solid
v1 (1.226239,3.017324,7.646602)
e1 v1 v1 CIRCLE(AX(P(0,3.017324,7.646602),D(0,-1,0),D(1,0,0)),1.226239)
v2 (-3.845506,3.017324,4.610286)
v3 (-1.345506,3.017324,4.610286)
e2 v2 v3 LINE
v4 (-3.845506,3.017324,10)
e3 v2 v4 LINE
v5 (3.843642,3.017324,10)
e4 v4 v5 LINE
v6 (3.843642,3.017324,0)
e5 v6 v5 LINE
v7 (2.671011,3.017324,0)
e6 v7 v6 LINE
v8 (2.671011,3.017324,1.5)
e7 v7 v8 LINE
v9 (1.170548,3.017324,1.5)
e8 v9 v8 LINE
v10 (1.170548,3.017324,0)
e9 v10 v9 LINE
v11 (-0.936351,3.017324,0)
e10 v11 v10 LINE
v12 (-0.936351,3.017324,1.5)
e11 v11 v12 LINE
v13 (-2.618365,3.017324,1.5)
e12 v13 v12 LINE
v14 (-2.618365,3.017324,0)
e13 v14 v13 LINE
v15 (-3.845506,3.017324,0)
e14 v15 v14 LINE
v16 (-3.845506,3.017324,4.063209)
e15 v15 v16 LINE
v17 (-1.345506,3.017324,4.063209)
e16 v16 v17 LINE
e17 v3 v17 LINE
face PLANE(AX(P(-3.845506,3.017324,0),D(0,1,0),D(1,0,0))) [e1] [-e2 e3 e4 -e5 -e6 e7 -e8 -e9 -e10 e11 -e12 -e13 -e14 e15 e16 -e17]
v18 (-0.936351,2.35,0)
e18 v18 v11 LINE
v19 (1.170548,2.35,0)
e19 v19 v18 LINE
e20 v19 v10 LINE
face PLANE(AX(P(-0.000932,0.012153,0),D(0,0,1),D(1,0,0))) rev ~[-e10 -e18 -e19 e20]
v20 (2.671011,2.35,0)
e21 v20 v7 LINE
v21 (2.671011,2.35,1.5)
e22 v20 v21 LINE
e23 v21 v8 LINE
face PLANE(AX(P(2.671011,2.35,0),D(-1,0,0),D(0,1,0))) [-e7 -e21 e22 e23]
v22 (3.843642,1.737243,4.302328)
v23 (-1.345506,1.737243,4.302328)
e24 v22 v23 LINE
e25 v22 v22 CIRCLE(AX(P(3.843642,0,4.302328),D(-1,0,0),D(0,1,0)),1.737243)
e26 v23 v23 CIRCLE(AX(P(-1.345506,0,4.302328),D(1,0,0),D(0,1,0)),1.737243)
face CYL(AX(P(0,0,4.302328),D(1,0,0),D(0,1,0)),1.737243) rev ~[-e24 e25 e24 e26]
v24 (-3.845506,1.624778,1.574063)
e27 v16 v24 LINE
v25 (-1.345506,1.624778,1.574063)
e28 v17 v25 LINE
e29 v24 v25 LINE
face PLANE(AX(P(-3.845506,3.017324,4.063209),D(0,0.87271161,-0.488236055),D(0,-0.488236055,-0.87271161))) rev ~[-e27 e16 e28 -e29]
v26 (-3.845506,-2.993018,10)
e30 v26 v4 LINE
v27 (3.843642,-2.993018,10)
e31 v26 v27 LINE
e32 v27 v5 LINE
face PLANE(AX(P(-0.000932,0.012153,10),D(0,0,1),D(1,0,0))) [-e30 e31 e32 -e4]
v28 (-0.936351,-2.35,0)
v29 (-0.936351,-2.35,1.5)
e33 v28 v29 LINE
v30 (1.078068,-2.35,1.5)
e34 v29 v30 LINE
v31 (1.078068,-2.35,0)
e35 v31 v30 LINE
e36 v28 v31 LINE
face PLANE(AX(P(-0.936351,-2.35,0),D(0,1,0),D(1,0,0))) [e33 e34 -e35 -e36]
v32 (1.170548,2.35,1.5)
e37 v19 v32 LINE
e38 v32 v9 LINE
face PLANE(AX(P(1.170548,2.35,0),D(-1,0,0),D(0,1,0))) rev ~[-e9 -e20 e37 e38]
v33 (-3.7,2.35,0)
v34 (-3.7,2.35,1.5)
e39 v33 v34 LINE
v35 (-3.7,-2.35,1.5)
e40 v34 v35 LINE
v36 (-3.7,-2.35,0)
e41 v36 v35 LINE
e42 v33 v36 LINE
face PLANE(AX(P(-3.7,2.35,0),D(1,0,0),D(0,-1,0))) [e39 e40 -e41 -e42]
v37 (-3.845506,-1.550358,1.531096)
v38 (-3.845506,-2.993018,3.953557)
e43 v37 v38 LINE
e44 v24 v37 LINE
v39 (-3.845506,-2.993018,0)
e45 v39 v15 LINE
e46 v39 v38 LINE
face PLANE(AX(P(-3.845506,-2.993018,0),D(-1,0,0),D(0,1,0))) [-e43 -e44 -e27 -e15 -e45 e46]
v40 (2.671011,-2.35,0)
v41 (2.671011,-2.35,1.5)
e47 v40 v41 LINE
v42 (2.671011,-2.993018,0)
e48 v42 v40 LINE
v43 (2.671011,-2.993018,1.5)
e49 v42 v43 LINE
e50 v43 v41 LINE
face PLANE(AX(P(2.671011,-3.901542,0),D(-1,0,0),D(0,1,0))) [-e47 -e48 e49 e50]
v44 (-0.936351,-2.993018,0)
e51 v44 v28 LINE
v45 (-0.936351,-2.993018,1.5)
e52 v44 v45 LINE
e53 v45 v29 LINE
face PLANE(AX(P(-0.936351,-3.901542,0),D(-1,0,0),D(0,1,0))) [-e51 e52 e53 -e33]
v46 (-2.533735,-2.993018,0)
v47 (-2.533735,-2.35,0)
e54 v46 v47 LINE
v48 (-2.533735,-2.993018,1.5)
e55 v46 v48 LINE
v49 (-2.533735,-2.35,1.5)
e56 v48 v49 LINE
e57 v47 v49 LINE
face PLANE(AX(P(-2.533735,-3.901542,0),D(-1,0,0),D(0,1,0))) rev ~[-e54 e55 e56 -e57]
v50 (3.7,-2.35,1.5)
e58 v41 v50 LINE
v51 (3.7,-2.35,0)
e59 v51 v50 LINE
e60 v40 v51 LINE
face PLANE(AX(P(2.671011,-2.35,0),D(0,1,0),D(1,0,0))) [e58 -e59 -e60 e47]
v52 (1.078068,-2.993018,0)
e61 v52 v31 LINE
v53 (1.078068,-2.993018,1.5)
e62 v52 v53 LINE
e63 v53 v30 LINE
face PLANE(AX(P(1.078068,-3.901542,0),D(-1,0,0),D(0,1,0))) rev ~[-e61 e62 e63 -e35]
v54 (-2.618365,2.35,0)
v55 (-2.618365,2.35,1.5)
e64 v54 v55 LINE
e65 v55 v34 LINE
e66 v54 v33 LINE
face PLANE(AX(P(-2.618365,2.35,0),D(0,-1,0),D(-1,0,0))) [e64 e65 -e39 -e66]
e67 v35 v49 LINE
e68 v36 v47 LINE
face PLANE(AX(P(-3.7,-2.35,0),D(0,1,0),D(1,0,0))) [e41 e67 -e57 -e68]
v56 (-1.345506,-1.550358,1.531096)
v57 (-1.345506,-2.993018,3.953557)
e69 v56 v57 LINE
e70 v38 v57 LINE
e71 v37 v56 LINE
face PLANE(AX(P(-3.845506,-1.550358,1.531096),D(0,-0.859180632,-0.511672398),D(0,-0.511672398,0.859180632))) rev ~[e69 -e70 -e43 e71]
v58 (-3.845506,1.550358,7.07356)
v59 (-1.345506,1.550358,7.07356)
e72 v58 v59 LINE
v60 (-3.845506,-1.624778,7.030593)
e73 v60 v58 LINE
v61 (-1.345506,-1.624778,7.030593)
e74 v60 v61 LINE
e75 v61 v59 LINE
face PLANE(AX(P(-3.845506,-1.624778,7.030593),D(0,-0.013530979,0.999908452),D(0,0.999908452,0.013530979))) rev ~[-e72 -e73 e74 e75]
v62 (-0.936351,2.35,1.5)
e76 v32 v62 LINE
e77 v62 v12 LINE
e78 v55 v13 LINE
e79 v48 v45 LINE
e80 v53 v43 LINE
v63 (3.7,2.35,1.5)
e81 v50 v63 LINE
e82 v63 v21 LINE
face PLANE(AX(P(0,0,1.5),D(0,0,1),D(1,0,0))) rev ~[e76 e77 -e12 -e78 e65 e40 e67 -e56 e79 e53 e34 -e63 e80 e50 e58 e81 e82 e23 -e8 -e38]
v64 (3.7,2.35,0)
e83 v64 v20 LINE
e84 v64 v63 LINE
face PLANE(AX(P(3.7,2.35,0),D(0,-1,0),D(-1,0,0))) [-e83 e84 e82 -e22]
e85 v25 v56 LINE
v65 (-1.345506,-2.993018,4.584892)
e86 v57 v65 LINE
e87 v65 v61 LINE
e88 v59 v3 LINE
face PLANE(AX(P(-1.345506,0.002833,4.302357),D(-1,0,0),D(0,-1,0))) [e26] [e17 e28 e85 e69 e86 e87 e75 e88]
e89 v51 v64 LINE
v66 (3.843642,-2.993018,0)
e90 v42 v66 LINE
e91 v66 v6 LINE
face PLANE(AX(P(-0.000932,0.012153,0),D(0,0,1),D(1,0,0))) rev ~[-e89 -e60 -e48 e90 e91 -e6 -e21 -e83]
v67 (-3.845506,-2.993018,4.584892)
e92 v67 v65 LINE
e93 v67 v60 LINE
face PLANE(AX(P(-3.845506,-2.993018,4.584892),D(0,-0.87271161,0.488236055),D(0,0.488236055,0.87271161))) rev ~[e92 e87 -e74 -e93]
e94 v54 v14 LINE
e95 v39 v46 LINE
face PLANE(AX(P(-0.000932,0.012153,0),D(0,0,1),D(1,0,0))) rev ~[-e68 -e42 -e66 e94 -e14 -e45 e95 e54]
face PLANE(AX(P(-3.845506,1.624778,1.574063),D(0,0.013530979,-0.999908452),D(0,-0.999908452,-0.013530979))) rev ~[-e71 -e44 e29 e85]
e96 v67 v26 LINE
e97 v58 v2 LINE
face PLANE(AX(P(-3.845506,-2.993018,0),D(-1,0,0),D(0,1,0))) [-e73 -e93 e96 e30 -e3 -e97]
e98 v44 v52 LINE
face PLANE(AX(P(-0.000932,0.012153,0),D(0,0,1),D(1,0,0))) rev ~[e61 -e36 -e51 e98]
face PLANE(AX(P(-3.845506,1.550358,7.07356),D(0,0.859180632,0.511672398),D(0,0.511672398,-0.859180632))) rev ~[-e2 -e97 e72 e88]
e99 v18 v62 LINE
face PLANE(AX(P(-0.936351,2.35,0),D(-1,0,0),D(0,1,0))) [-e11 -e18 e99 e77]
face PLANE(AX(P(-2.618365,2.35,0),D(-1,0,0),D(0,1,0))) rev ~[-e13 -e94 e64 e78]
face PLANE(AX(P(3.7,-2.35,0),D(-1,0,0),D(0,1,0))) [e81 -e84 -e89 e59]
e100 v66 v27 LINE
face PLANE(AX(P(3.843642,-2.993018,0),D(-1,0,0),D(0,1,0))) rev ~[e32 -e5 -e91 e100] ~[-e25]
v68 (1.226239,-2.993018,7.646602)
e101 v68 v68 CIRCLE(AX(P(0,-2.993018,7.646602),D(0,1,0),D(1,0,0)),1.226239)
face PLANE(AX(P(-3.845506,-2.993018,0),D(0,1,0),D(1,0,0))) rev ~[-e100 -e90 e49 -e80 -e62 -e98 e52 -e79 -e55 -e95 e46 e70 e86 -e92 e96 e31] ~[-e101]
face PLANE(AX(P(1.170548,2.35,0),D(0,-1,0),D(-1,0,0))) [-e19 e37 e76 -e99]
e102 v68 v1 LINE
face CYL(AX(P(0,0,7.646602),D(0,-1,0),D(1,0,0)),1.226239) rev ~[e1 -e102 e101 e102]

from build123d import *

# Parameters (mm, degrees)
F0_W          = 7.6891479548
F0_H          = 6.0103421565
F1_DEPTH      = 10
F2_W          = 1.6820132732
F2_H          = 1.2127011675
F2_W_2        = 1.5973832924
F2_H_2        = 1.5515421644
F2_W_3        = 1.5004627639
F2_W_4        = 1.5929426299
F3_DEPTH      = 1.5
F4_R          = 1.7372427754
F5_DEPTH      = 25
F5_DEPTH_BACK = 25
F6_R          = 1.2262394043
F7_DEPTH      = 25
F7_DEPTH_BACK = 25
F8_R          = 1.7372427754
F9_DEPTH      = 2.5


with BuildPart() as f1:
    # F0 (on Top) → F1 (new body)
    with BuildSketch(Plane.XY):
        with Locations((-0.0009319047, 0.0121527119)):
            Rectangle(F0_W, F0_H)
    extrude(amount=F1_DEPTH)

    # F2 (on Top) → F3 (cut)
    with BuildSketch(Plane.XY):
        Polygon((-2.6183645241, 2.35), (-3.7, 2.35), (-3.7, -2.35), (-2.5337345432, -2.35), (-0.9363512509, -2.35), (1.0780681623, -2.35), (2.6710107923, -2.35), (3.7, -2.35), (3.7, 2.35), (2.6710107923, 2.35), (1.1705480283, 2.35), (-0.9363512509, 2.35), align=None)
        with Locations((-1.7773578875, 2.9563505838)):
            Rectangle(F2_W, F2_H)
        with Locations((-1.7350428971, -3.1257710822)):
            Rectangle(F2_W_2, F2_H_2)
        with Locations((1.9207794103, 2.9563505838)):
            Rectangle(F2_W_3, F2_H)
        with Locations((1.8745394773, -3.1257710822)):
            Rectangle(F2_W_4, F2_H_2)
    extrude(amount=F3_DEPTH, mode=Mode.SUBTRACT)

    # F4 (on Right) → F5 (cut, two sides)
    with BuildSketch(Plane.YZ) as f5_sk:
        with Locations((0, 4.3023279868)):
            Circle(F4_R)
    extrude(amount=-F5_DEPTH, mode=Mode.SUBTRACT)
    extrude(f5_sk.sketch, amount=F5_DEPTH_BACK, mode=Mode.SUBTRACT)

    # F6 (on Front) → F7 (cut, two sides)
    with BuildSketch(Plane.XZ) as f7_sk:
        with Locations((0, 7.6466021128)):
            Circle(F6_R)
    extrude(amount=F7_DEPTH, mode=Mode.SUBTRACT)
    extrude(f7_sk.sketch, amount=-F7_DEPTH_BACK, mode=Mode.SUBTRACT)

    # F8 (on face) → F9 (cut)
    with BuildSketch(Plane(origin=(-3.8455058821, 0, 0), x_dir=(0, -1, 0), z_dir=(-1, 0, 0))):
        Polygon((2.9930183664, 4.5848923734), (1.6247780807, 7.0305929156), (-1.5503576963, 7.0735595446), (-3.0173237901, 4.6102864409), (-3.0173237901, 4.0632090305), (-1.6247780807, 1.574063058), (1.5503576963, 1.531096429), (2.9930183664, 3.953556799), align=None)
        with Locations((0, 4.3023279868)):
            Circle(F8_R, mode=Mode.SUBTRACT)
    extrude(amount=-F9_DEPTH, mode=Mode.SUBTRACT)


solid = f1.part
